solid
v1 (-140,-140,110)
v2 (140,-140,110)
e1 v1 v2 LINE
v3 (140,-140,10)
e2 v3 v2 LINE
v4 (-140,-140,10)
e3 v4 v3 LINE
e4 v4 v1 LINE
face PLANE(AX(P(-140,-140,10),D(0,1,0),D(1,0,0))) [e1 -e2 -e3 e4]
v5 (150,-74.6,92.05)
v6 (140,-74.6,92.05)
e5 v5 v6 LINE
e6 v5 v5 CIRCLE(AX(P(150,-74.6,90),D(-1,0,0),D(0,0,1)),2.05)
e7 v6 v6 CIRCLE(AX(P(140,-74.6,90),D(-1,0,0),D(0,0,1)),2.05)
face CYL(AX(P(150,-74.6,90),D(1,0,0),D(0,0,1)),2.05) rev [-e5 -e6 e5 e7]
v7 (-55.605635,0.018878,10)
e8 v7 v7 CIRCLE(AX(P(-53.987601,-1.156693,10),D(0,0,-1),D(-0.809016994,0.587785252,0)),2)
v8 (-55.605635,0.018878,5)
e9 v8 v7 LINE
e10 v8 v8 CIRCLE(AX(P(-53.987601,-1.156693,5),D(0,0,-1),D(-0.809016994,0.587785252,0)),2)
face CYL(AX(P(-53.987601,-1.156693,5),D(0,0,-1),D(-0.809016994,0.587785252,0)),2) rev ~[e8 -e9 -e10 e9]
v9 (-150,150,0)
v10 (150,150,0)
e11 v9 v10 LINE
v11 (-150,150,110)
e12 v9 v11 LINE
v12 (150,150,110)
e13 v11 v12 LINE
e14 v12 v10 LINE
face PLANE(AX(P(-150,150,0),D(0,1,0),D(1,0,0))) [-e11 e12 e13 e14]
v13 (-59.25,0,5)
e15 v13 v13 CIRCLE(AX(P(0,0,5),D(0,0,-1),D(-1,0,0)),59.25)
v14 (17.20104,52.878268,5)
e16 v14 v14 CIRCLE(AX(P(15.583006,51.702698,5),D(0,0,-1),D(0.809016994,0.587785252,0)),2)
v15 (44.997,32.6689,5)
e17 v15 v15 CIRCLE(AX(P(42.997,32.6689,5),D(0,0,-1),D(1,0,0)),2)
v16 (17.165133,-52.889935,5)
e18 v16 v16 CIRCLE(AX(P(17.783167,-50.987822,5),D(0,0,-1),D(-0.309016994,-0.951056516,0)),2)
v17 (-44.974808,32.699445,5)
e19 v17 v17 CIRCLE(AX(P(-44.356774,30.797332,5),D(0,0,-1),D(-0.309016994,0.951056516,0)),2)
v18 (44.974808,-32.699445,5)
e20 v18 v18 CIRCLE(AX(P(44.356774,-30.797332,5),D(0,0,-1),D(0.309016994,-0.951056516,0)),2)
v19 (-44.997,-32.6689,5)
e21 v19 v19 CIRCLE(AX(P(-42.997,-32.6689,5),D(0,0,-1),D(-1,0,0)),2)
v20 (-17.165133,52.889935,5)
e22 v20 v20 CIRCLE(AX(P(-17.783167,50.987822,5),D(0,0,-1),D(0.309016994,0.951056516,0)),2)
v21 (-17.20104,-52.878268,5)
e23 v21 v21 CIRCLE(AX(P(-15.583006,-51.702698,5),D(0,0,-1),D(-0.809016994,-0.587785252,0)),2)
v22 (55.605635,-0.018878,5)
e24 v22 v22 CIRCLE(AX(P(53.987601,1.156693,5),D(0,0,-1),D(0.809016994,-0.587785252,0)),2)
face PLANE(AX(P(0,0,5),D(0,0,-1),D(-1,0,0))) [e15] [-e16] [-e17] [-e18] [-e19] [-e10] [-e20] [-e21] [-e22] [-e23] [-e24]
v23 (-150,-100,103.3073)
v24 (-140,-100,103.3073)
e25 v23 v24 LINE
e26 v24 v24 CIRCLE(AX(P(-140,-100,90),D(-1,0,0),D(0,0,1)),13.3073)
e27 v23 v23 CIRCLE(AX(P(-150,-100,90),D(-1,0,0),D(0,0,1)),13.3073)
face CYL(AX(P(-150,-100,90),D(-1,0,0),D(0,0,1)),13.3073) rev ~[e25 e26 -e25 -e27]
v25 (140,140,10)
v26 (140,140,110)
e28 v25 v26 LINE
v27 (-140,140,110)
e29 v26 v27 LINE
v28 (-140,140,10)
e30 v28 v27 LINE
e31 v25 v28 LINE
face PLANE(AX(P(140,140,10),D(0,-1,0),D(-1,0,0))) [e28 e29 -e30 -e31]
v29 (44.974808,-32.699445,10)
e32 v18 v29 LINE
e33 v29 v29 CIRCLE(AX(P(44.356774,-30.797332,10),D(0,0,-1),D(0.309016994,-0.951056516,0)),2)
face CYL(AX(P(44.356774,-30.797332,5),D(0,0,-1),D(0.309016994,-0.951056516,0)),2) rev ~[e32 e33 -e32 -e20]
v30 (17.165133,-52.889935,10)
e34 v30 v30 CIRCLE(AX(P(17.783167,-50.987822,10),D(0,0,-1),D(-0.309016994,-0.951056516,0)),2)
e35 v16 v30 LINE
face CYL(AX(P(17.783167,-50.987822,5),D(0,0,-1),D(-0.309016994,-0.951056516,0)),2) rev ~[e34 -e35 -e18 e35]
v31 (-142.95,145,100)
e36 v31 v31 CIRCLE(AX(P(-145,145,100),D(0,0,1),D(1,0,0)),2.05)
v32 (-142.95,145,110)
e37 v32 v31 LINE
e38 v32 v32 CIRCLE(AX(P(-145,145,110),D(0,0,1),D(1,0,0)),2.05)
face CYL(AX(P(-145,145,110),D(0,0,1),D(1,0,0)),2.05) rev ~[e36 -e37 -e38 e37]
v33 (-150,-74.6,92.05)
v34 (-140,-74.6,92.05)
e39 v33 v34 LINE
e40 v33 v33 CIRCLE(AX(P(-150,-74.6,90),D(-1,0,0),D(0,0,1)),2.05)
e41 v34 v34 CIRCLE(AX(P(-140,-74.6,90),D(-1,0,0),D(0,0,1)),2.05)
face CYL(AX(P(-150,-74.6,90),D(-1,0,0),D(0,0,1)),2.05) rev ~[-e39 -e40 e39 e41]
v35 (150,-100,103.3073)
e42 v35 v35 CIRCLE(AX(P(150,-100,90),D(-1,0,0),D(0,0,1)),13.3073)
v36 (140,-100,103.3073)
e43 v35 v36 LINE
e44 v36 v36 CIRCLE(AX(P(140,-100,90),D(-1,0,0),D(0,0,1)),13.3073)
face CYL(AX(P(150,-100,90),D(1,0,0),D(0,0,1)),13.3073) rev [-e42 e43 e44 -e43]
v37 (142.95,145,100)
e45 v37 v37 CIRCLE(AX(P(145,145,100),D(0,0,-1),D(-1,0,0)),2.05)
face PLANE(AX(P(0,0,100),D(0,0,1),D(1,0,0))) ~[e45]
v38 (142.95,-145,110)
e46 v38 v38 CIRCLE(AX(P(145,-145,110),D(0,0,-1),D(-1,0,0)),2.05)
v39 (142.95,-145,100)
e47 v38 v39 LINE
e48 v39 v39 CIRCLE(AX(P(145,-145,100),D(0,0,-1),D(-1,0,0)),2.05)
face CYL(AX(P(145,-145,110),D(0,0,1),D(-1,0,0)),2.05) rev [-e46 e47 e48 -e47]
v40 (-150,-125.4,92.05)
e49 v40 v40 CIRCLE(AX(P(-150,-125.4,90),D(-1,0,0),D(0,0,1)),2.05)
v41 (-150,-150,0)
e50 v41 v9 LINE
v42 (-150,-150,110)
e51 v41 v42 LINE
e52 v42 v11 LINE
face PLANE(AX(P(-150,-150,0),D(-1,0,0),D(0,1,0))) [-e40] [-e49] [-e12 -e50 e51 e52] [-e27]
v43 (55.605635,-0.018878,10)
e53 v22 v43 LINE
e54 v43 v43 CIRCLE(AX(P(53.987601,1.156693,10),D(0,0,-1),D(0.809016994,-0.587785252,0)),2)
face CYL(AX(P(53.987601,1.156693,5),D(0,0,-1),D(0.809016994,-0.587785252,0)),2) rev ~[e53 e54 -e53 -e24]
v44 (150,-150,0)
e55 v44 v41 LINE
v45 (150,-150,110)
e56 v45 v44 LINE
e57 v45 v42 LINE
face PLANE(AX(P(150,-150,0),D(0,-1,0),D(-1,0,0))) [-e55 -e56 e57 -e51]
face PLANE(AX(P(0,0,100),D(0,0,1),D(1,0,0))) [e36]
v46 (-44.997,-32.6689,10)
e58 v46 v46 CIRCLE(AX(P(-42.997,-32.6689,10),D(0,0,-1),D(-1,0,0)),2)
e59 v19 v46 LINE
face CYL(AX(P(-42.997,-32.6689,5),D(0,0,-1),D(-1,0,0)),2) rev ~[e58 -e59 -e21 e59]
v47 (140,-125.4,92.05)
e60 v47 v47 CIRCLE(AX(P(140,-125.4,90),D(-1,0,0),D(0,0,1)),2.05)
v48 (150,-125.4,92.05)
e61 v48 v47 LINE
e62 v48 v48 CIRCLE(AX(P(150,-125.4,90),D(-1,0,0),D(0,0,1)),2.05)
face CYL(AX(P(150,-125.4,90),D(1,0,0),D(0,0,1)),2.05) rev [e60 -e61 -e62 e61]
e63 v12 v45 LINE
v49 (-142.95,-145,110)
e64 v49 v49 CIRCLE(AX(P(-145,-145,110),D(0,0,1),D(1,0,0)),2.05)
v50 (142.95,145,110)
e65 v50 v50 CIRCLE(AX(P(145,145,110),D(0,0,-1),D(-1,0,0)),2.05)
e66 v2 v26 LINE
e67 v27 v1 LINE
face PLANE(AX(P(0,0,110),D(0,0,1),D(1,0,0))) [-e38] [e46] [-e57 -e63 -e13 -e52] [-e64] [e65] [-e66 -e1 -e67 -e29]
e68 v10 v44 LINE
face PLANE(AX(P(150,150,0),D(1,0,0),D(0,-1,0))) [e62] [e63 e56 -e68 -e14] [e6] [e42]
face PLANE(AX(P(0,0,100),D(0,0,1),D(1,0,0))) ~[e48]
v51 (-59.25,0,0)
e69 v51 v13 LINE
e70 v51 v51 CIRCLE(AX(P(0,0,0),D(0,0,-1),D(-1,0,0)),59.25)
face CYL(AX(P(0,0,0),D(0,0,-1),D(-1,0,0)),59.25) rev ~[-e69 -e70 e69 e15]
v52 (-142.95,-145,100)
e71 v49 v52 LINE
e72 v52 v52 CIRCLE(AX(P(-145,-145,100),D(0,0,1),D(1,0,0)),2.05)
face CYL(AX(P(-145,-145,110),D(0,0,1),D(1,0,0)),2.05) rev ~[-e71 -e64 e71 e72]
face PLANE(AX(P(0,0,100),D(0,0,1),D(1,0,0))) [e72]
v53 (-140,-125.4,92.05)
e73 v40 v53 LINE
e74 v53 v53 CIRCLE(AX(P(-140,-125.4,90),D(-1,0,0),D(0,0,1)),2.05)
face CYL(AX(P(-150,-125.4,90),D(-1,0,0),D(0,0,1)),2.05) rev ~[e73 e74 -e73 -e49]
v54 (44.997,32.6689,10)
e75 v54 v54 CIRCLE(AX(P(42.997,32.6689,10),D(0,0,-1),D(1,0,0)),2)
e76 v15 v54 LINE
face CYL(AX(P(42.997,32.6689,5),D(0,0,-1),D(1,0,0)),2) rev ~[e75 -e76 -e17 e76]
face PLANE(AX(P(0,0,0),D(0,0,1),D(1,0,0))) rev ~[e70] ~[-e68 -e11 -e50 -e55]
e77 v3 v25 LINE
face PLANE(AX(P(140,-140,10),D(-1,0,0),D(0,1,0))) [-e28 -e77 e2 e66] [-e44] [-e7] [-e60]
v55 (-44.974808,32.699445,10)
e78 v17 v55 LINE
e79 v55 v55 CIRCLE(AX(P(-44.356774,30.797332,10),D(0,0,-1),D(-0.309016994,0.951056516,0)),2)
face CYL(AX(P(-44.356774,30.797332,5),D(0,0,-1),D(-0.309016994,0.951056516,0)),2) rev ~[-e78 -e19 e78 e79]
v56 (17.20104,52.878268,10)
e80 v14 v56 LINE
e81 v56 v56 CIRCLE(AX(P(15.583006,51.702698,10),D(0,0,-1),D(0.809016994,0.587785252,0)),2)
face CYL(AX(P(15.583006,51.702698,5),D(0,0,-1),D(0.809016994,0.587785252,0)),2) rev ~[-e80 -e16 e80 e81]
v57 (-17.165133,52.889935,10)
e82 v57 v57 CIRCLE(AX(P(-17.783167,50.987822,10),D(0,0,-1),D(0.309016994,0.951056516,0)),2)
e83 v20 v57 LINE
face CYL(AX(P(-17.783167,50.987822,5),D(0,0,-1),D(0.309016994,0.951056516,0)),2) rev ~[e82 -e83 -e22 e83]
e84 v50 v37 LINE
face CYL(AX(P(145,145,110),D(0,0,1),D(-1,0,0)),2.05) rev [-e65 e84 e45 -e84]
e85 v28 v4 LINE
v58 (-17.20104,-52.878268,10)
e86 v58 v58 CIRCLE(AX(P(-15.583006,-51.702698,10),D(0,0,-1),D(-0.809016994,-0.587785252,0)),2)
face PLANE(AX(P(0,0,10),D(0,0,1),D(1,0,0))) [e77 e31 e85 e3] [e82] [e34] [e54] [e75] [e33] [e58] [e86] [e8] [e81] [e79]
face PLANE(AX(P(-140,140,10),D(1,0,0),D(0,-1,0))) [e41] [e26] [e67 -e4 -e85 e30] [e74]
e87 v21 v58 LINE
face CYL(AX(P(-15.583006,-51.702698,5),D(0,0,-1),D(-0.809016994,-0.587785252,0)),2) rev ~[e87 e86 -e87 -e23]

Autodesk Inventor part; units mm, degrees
ref_plane "YZ Plane" through (0, 0, 0) normal (1, 0, 0) x (0, 1, 0)
ref_plane "XZ Plane" through (0, 0, 0) normal (0, 1, 0) x (-1, 0, 0)
ref_plane "XY Plane" through (0, 0, 0) normal (0, 0, 1) x (1, 0, 0)
sketch "Sketch1" plane through (0, 0, 0) normal (0, 0, 1) x (1, 0, 0)
  line L0 (-150, 150) -> (150, 150)
  line L1 (150, 150) -> (150, -150)
  line L2 (150, -150) -> (-150, -150)
  line L3 (-150, -150) -> (-150, 150)
  point P0 (0, 0)
  point P1 (150, 0)
  point P2 (0, 150)
  dimension "d0" = 300
  dimension "d1" = 300
extrude "Extrusion1" add sketch "Sketch1" along normal blind 10
sketch "Sketch2" plane through (0, 0, 10) normal (0, 0, 1) x (1, 0, 0)
  line L0 (-150, 150) -> (150, 150)
  line L1 (150, 150) -> (150, -150)
  line L2 (150, -150) -> (-150, -150)
  line L3 (-150, -150) -> (-150, 150)
  line L4 (140, 140) -> (-140, 140)
  line L5 (-140, 140) -> (-140, -140)
  line L6 (-140, -140) -> (140, -140)
  line L7 (140, -140) -> (140, 140)
  point P0 (0, 0)
  dimension "d4" = 10
extrude "Extrusion2" add sketch "Sketch2" along normal blind 100
sketch "Sketch3" plane through (-150, -150, 0) normal (-1, 0, 0) x (0, 0, 1)
  circle A0 centre (60, 250) radius 12.5
  circle A1 centre (90, 50) radius 13.3073
  line L0 (0, 300) -> (110, 300) projected
  line L1 (0, 0) -> (110, 0) projected
  line L2 (110, 300) -> (110, 0) projected
  point P0 (0, 150)
  dimension "d7" = 25
  dimension "d8" = 50
  dimension "d9" = 50
  dimension "d10" = 20
  dimension "d11" = 50
sketch "Sketch6" plane through (0, 0, 0) normal (0, 0, -1) x (-1, 0, 0)
  circle A0 centre (0, 0) radius 59.25
  dimension "d21" = 118.5
extrude "Extrusion6" cut sketch "Sketch6" against normal blind 5
sketch "Sketch7" plane through (0, 0, 5) normal (0, 0, -1) x (-1, 0, 0)
  circle A0 centre (42.997, -32.6689) radius 2
  line L0 (42.997, -32.6689) -> (0, 0) construction
  dimension "d24" = 54
  dimension "d25" = 4
extrude "Extrusion7" cut sketch "Sketch7" against normal up to surface (5 mm away)
pattern_circular "Circular Pattern1" count 10 over 360 about axis through (0, 0, 5) along (0, 0, 1) of "Extrusion7"
extrude "Extrusion8" cut sketch "Sketch3" against normal blind 10 contours A1
sketch "Sketch8" plane through (-150, -150, 0) normal (-1, 0, 0) x (0, 0, 1)
  circle A0 centre (90, 75.4) radius 2.05
  circle A1 centre (90, 24.6) radius 2.05
  line L0 (90, 24.6) -> (90, 75.4) construction
  line L1 (0, 0) -> (0, 300) construction
  circle A2 centre (90, 50) radius 13.3073 construction
  circle A3 centre (90, 50) radius 13.3073 construction
  point P0 (0, 150)
  dimension "d33" = 4.1
  dimension "d34" = 4.1
  dimension "d35" = 50.8
  dimension "d37" = 0
extrude "Extrusion9" cut sketch "Sketch8" against normal blind 10
sketch "Sketch9" plane through (0, 0, 110) normal (0, 0, 1) x (1, 0, 0)
  circle A0 centre (-145, -145) radius 2.05
  circle A1 centre (-145, 145) radius 2.05
  line L0 (-145, -145) -> (-145, 145) construction
  line L1 (-150, 150) -> (-150, -150) construction
  line L2 (-150, -150) -> (150, -150) construction
  point P0 (0, 0)
  point P1 (-145, 0)
  point P2 (-150, 0)
  dimension "d40" = 4.1
  dimension "d41" = 4.1
  dimension "d42" = 5
  dimension "d44" = 5
extrude "Extrusion10" cut sketch "Sketch9" against normal blind 10
mirror "Mirror2" about plane through (0, 0, 0) normal (1, 0, 0) of "Extrusion8", "Extrusion9", "Extrusion10"
properties part number "locomotion box"
